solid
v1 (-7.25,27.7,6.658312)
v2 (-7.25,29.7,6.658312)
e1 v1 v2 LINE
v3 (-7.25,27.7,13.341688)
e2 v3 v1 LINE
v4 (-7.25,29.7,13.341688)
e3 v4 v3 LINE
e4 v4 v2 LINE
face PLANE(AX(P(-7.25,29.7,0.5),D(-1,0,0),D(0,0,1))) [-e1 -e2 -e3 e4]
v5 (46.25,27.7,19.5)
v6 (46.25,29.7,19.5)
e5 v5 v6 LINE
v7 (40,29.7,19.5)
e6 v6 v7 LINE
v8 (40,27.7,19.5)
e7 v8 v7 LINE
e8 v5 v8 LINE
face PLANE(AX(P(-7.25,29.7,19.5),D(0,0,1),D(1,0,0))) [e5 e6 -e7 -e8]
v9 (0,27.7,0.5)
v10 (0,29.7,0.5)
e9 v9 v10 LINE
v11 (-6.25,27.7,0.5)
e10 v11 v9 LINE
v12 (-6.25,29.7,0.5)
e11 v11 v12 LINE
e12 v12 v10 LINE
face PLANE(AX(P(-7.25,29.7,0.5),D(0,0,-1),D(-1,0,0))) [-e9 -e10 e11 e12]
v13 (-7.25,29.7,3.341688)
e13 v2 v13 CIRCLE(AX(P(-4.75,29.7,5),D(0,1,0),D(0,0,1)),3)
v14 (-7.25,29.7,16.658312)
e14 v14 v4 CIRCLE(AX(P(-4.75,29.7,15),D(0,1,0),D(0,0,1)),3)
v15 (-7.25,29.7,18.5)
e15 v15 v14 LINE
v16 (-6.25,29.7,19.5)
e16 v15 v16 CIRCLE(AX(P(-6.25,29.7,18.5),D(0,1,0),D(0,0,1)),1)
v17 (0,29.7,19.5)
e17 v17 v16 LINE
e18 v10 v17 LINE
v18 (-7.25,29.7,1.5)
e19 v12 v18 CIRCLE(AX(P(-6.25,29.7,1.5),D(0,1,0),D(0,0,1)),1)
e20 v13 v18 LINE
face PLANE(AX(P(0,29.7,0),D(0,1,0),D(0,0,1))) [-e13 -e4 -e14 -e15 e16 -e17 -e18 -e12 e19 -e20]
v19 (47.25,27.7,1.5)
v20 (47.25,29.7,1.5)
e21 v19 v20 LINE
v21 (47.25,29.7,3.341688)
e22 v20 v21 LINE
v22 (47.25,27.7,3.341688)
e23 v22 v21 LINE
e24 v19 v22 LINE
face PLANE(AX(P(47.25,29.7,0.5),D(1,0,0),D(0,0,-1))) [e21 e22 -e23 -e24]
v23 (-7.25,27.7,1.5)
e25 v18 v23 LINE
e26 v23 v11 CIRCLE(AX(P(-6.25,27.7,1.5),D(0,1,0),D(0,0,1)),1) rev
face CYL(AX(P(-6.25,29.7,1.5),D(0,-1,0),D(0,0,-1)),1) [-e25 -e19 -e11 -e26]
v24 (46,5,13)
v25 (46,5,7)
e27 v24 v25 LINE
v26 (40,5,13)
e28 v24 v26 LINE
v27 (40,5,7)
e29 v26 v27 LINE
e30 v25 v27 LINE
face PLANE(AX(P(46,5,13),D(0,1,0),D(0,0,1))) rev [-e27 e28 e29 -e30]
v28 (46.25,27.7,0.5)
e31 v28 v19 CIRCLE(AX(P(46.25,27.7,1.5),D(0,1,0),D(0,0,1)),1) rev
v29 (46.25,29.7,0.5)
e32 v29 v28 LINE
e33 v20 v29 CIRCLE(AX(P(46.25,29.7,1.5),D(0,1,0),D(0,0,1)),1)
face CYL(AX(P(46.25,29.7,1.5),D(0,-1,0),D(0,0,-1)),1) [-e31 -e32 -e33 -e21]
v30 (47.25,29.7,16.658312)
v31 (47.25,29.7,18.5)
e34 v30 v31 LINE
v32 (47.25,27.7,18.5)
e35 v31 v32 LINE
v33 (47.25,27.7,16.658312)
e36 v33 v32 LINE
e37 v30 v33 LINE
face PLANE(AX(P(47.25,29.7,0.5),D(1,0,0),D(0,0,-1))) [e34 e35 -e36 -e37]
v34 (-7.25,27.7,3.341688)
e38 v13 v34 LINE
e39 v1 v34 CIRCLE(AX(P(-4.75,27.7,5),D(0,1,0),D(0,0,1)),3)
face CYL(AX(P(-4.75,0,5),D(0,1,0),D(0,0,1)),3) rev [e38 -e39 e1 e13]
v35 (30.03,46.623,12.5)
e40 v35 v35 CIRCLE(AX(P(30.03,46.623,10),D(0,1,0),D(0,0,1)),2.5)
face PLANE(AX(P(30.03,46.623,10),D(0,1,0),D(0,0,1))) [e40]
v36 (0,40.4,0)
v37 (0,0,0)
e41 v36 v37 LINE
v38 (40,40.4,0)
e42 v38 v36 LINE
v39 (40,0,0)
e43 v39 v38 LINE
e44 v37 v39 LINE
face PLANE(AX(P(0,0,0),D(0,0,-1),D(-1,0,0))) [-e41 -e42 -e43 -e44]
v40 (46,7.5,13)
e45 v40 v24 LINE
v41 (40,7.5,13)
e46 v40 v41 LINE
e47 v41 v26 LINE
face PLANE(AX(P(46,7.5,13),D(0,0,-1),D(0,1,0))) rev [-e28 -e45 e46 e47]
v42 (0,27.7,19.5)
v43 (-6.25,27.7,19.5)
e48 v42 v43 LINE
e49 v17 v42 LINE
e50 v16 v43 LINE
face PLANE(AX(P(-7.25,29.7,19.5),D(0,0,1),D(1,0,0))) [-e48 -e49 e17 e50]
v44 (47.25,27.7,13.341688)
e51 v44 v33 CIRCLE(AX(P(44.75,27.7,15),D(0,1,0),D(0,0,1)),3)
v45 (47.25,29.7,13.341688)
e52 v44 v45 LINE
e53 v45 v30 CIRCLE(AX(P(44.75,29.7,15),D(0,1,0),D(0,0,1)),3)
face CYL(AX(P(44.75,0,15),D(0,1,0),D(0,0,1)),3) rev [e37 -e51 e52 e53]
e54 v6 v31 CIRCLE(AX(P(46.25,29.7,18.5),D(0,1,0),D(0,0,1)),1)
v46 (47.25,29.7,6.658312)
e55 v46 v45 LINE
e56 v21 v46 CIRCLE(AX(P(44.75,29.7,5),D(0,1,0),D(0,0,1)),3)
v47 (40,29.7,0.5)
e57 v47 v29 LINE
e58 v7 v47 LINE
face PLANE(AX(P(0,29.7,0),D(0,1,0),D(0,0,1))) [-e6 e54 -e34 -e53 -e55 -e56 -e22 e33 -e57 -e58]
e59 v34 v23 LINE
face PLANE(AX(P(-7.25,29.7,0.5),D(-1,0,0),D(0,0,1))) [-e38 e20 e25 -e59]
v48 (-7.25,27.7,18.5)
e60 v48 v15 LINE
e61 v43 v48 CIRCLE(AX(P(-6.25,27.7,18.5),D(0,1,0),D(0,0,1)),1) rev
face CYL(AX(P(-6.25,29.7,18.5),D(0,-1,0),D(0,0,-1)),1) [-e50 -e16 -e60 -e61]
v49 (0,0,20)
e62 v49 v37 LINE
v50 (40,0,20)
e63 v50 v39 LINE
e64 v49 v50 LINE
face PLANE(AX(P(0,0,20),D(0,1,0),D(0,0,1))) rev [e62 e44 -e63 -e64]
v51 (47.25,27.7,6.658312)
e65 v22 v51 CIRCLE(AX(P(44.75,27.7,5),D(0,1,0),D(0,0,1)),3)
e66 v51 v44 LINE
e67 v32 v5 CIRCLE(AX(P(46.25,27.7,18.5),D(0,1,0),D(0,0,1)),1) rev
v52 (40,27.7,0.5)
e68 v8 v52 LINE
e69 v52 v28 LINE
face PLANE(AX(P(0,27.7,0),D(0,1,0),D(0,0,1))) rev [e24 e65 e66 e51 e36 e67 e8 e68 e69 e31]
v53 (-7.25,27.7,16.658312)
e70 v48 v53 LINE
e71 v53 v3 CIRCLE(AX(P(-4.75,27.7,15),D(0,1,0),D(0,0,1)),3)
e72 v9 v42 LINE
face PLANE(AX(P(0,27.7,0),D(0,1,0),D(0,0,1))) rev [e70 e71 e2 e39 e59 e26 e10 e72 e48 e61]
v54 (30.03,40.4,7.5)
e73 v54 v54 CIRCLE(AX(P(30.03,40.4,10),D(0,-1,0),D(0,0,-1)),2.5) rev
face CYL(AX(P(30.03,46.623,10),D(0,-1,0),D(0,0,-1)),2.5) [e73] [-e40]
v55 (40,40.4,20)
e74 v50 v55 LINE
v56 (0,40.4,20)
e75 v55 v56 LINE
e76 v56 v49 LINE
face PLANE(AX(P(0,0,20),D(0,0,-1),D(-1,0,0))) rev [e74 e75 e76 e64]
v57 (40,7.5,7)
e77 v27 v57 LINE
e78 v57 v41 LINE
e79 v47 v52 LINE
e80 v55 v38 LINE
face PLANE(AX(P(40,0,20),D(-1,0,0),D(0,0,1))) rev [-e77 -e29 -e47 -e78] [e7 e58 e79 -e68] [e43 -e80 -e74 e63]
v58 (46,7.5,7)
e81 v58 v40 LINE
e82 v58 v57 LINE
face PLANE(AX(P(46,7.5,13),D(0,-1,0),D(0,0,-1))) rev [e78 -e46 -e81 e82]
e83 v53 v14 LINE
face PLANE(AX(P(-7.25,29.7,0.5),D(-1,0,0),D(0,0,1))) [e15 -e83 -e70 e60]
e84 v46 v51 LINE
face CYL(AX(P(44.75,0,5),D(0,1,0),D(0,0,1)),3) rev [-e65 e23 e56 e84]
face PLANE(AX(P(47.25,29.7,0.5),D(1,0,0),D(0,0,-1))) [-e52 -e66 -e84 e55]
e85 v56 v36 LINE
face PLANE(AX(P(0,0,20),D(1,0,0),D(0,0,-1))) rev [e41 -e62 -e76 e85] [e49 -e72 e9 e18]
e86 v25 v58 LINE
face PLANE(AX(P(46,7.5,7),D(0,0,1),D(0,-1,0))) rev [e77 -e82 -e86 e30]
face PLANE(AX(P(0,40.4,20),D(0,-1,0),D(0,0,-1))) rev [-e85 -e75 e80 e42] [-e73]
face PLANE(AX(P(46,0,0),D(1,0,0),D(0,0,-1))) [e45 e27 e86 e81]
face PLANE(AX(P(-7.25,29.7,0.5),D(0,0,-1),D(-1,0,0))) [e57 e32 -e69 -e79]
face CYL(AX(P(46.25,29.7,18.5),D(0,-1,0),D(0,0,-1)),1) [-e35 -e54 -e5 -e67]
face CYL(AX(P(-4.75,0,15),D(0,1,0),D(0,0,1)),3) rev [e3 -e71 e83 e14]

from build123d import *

# Parameters (mm, degrees)
SKETCH1_W           = 40
SKETCH1_H           = 40.4
BOSS_EXTRUDE1_DEPTH = 20
SKETCH2_W           = 54.5
SKETCH2_H           = 19
BOSS_EXTRUDE2_DEPTH = 2
SKETCH3_R           = 3
CUT_EXTRUDE1_DEPTH  = 60.284504721
FILLET1_R           = 1
SKETCH4_R           = 2.5
BOSS_EXTRUDE3_DEPTH = 6.223
SKETCH5_W           = 6
SKETCH5_H           = 2.5
BOSS_EXTRUDE4_DEPTH = 6


with BuildPart() as part:
    # Sketch1 → Boss-Extrude1 (new body)
    with BuildSketch(Plane.XY):
        with Locations((20, 20.2)):
            Rectangle(SKETCH1_W, SKETCH1_H)
    extrude(amount=BOSS_EXTRUDE1_DEPTH)

    # Sketch2 → Boss-Extrude2 (add)
    with BuildSketch(Plane(origin=(0, 27.7, 0), x_dir=(-1, 0, 0), z_dir=(0, -1, 0))):
        with Locations((-20, -10)):
            Rectangle(SKETCH2_W, SKETCH2_H)
    extrude(amount=-BOSS_EXTRUDE2_DEPTH)

    # Sketch3 → Cut-Extrude1 (cut, through all)
    with BuildSketch(Plane(origin=(0, 29.7, 0), x_dir=(1, 0, 0), z_dir=(0, 1, 0))):
        with Locations((-4.75, -15)):
            Circle(SKETCH3_R)
        with Locations((-4.75, -5)):
            Circle(SKETCH3_R)
        with Locations((44.75, -5)):
            Circle(SKETCH3_R)
        with Locations((44.75, -15)):
            Circle(SKETCH3_R)
    extrude(amount=-CUT_EXTRUDE1_DEPTH, mode=Mode.SUBTRACT)

    # Fillet1
    fillet1_edges = [part.edges().sort_by_distance(p)[0] for p in [
        (-7.25, 28.7, 19.5),
        (47.25, 28.7, 0.5),
        (-7.25, 28.7, 0.5),
        (47.25, 28.7, 19.5),
    ]]
    fillet(fillet1_edges, radius=FILLET1_R)

    # Sketch4 → Boss-Extrude3 (add)
    with BuildSketch(Plane(origin=(0, 40.4, 0), x_dir=(1, 0, 0), z_dir=(0, 1, 0))):
        with Locations(Location((30.03, -10, 0), (0, 0, 90))):
            Circle(SKETCH4_R)
    extrude(amount=BOSS_EXTRUDE3_DEPTH)

    # Sketch5 → Boss-Extrude4 (add)
    with BuildSketch(Plane(origin=(40, 0, 0), x_dir=(0, 0, -1), z_dir=(1, 0, 0))):
        with Locations((-10, 6.25)):
            Rectangle(SKETCH5_W, SKETCH5_H)
    extrude(amount=BOSS_EXTRUDE4_DEPTH)


solid = part.part
